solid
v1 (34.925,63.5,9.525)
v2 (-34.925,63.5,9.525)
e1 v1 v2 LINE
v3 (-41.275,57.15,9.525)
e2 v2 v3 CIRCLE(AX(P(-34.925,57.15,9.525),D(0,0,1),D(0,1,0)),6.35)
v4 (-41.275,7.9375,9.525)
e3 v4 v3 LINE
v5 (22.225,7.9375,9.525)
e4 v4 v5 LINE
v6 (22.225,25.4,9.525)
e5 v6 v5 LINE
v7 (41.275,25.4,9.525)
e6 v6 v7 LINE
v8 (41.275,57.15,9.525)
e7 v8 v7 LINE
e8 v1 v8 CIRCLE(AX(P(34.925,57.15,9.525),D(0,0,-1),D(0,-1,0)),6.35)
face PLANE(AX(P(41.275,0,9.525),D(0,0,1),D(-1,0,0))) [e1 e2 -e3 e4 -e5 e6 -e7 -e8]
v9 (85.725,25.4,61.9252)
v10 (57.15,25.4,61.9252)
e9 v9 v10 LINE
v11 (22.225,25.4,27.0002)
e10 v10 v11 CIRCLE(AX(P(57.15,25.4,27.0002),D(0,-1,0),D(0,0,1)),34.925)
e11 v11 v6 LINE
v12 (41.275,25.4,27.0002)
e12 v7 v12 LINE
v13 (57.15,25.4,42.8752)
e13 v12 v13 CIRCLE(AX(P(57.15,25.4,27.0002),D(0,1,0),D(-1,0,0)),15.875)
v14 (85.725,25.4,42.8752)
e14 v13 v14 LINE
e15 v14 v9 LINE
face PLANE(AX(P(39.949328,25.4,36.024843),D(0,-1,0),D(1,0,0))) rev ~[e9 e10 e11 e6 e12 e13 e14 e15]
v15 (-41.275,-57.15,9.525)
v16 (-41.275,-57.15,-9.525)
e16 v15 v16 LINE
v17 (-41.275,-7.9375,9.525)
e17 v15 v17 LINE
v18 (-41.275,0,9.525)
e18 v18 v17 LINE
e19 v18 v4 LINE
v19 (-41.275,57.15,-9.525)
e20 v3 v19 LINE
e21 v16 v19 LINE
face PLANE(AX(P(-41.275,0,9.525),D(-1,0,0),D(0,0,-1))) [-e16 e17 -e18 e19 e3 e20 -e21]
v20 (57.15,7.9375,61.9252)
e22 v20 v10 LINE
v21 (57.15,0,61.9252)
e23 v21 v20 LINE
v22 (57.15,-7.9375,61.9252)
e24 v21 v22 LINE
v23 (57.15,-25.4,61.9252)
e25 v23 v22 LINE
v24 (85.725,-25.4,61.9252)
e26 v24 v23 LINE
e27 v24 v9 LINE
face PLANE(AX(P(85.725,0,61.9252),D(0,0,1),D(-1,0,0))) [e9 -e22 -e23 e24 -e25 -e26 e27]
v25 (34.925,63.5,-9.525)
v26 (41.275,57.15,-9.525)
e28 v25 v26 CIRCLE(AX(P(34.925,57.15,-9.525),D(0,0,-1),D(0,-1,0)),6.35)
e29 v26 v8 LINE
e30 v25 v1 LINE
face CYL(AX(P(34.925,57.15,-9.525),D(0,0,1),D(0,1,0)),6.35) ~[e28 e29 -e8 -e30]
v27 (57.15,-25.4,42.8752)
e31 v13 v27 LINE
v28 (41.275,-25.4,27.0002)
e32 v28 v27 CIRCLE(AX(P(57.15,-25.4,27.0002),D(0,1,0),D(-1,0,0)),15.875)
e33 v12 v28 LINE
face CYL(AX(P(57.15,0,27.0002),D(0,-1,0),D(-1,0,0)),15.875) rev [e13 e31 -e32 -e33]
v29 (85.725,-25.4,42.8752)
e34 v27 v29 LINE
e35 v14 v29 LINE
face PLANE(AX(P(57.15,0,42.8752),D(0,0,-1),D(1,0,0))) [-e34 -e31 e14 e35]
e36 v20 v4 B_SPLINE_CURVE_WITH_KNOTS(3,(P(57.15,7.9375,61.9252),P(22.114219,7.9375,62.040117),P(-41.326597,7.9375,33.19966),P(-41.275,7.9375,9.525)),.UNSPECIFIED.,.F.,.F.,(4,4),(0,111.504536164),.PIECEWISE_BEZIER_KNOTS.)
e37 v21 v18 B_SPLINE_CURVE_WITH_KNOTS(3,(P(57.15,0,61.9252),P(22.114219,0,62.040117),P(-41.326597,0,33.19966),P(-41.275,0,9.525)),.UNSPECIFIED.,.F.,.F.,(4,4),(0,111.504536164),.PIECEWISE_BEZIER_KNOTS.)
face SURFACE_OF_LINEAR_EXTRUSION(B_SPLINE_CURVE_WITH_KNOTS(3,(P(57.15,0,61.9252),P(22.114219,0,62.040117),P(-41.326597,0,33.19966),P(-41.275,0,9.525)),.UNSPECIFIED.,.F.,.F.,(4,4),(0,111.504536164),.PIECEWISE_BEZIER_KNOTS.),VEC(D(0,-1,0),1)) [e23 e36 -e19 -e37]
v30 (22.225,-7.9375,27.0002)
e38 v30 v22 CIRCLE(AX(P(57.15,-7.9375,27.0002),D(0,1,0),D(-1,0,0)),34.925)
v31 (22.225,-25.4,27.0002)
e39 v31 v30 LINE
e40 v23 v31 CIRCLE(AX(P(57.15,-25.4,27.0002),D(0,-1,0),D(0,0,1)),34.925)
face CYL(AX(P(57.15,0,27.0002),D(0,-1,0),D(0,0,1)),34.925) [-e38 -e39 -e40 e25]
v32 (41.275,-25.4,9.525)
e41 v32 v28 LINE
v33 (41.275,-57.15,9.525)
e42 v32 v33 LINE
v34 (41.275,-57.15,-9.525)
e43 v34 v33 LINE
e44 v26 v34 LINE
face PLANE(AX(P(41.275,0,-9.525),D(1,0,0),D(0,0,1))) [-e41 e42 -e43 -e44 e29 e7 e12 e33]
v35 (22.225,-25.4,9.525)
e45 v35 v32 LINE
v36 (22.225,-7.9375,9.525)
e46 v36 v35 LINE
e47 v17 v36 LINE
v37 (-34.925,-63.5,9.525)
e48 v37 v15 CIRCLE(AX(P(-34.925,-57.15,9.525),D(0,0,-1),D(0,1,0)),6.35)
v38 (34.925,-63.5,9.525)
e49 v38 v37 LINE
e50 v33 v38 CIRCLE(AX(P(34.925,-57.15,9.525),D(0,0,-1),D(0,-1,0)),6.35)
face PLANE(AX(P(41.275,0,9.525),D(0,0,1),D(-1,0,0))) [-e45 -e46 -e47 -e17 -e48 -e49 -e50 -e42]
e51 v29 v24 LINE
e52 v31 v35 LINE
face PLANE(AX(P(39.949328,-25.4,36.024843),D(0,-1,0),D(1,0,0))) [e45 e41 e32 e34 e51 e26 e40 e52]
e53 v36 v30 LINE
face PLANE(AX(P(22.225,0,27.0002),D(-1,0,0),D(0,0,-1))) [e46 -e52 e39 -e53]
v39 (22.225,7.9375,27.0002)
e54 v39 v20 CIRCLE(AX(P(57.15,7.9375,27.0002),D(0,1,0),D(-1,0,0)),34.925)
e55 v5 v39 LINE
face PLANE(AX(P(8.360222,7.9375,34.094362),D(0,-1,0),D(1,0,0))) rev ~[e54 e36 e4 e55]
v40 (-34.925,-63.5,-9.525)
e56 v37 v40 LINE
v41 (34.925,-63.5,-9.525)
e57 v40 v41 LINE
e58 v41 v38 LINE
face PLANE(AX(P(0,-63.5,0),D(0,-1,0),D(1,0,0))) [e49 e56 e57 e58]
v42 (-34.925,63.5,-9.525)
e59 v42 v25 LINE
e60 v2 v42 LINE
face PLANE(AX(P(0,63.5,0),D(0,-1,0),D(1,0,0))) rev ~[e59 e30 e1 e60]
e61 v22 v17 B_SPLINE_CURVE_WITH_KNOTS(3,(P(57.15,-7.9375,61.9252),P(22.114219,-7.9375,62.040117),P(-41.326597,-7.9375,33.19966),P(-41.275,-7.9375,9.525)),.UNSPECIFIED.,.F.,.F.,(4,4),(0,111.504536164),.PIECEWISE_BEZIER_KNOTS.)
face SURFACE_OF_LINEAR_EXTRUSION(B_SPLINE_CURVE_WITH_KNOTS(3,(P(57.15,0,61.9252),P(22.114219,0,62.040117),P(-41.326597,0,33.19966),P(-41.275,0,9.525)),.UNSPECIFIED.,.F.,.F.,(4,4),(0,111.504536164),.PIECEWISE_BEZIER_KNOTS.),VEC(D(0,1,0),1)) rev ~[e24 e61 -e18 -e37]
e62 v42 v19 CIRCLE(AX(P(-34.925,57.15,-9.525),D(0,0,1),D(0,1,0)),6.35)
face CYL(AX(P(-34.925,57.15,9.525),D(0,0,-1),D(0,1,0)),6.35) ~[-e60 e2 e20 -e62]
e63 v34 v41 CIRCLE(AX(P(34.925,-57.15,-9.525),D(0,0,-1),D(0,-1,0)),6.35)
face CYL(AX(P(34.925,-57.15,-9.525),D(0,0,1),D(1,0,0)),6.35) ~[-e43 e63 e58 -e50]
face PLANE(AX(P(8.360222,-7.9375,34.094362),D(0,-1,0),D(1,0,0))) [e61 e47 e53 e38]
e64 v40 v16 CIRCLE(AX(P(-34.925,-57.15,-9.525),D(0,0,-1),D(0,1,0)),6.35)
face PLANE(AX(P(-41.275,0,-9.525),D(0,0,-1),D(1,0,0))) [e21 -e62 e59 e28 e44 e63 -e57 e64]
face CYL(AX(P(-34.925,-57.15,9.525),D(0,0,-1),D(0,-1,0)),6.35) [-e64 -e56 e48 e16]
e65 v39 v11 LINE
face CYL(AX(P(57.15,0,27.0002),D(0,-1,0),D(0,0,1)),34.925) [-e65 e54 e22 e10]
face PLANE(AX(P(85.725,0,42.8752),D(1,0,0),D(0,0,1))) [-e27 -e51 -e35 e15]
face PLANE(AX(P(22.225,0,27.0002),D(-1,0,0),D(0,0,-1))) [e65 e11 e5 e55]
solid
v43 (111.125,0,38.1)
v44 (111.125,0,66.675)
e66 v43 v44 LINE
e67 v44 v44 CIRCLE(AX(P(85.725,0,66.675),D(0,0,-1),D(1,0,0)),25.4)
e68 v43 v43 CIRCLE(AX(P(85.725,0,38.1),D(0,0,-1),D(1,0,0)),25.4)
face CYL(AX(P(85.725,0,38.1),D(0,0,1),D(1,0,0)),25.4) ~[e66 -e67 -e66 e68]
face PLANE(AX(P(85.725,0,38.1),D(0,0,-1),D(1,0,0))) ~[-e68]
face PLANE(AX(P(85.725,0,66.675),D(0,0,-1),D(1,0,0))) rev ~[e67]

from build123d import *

# Parameters (mm, degrees)
F1_DEPTH = 63.5
F0_W     = 25.4
F0_H     = 19.05
F2_DEPTH = 25.4
F3_DEPTH = 7.9375
F5_R     = 6.35


with BuildPart() as f1:
    # F0 (on Front) → F1 (new body, symmetric)
    with BuildSketch(Plane.XZ):
        Polygon((-41.275, -9.525), (41.275, -9.525), (41.275, 9.525), (22.225, 9.525), (-41.275, 9.525), align=None)
    extrude(amount=F1_DEPTH, both=True)

    # F0 (on Front) → F2 (join, symmetric)
    with BuildSketch(Plane.XZ):
        with BuildLine():
            Line((22.225, 9.525), (41.275, 9.525))
            Line((41.275, 9.525), (41.275, 27.0002))
            ThreePointArc((41.275, 27.0002), (45.9246798487, 38.2255201513), (57.15, 42.8752))
            Line((57.15, 42.8752), (60.325, 42.8752))
            Line((60.325, 42.8752), (60.325, 61.9252))
            Line((60.325, 61.9252), (57.15, 61.9252))
            ThreePointArc((57.15, 61.9252), (32.4542956671, 51.6959043329), (22.225, 27.0002))
            Line((22.225, 27.0002), (22.225, 9.525))
        make_face()
        with Locations((73.025, 52.4002)):
            Rectangle(F0_W, F0_H)
    extrude(amount=F2_DEPTH, both=True)

    # F0 (on Front) → F3 (join, symmetric)
    with BuildSketch(Plane.XZ):
        with BuildLine():
            add(Edge.make_bspline(
                [(57.15, 61.9252), (22.114219144, 62.0401166379), (-41.326597333, 33.19966048), (-41.275, 9.525)],
                knots=[0, 0, 0, 0, 111.5045361635, 111.5045361635, 111.5045361635, 111.5045361635], degree=3))
            Line((-41.275, 9.525), (22.225, 9.525))
            Line((22.225, 9.525), (22.225, 27.0002))
            ThreePointArc((22.225, 27.0002), (32.4542956671, 51.6959043329), (57.15, 61.9252))
        make_face()
    extrude(amount=F3_DEPTH, both=True)

    # F5
    f5_edges = [f1.edges().sort_by_distance(p)[0] for p in [
        (41.275, -63.5, 0),
        (-41.275, -63.5, 0),
        (-41.275, 63.5, 0),
        (41.275, 63.5, 0),
    ]]
    fillet(f5_edges, radius=F5_R)


with BuildPart() as f4:
    # F0 (on Front) → F4 (revolve)
    with BuildSketch(Plane.XZ):
        Polygon((85.725, 66.675), (85.725, 61.9252), (85.725, 42.8752), (85.725, 38.1), (111.125, 38.1), (111.125, 66.675), align=None)
    revolve(axis=Axis((85.725, 0, 52.3875), (0, 0, -1)))


solid = Compound([f1.part, f4.part])
